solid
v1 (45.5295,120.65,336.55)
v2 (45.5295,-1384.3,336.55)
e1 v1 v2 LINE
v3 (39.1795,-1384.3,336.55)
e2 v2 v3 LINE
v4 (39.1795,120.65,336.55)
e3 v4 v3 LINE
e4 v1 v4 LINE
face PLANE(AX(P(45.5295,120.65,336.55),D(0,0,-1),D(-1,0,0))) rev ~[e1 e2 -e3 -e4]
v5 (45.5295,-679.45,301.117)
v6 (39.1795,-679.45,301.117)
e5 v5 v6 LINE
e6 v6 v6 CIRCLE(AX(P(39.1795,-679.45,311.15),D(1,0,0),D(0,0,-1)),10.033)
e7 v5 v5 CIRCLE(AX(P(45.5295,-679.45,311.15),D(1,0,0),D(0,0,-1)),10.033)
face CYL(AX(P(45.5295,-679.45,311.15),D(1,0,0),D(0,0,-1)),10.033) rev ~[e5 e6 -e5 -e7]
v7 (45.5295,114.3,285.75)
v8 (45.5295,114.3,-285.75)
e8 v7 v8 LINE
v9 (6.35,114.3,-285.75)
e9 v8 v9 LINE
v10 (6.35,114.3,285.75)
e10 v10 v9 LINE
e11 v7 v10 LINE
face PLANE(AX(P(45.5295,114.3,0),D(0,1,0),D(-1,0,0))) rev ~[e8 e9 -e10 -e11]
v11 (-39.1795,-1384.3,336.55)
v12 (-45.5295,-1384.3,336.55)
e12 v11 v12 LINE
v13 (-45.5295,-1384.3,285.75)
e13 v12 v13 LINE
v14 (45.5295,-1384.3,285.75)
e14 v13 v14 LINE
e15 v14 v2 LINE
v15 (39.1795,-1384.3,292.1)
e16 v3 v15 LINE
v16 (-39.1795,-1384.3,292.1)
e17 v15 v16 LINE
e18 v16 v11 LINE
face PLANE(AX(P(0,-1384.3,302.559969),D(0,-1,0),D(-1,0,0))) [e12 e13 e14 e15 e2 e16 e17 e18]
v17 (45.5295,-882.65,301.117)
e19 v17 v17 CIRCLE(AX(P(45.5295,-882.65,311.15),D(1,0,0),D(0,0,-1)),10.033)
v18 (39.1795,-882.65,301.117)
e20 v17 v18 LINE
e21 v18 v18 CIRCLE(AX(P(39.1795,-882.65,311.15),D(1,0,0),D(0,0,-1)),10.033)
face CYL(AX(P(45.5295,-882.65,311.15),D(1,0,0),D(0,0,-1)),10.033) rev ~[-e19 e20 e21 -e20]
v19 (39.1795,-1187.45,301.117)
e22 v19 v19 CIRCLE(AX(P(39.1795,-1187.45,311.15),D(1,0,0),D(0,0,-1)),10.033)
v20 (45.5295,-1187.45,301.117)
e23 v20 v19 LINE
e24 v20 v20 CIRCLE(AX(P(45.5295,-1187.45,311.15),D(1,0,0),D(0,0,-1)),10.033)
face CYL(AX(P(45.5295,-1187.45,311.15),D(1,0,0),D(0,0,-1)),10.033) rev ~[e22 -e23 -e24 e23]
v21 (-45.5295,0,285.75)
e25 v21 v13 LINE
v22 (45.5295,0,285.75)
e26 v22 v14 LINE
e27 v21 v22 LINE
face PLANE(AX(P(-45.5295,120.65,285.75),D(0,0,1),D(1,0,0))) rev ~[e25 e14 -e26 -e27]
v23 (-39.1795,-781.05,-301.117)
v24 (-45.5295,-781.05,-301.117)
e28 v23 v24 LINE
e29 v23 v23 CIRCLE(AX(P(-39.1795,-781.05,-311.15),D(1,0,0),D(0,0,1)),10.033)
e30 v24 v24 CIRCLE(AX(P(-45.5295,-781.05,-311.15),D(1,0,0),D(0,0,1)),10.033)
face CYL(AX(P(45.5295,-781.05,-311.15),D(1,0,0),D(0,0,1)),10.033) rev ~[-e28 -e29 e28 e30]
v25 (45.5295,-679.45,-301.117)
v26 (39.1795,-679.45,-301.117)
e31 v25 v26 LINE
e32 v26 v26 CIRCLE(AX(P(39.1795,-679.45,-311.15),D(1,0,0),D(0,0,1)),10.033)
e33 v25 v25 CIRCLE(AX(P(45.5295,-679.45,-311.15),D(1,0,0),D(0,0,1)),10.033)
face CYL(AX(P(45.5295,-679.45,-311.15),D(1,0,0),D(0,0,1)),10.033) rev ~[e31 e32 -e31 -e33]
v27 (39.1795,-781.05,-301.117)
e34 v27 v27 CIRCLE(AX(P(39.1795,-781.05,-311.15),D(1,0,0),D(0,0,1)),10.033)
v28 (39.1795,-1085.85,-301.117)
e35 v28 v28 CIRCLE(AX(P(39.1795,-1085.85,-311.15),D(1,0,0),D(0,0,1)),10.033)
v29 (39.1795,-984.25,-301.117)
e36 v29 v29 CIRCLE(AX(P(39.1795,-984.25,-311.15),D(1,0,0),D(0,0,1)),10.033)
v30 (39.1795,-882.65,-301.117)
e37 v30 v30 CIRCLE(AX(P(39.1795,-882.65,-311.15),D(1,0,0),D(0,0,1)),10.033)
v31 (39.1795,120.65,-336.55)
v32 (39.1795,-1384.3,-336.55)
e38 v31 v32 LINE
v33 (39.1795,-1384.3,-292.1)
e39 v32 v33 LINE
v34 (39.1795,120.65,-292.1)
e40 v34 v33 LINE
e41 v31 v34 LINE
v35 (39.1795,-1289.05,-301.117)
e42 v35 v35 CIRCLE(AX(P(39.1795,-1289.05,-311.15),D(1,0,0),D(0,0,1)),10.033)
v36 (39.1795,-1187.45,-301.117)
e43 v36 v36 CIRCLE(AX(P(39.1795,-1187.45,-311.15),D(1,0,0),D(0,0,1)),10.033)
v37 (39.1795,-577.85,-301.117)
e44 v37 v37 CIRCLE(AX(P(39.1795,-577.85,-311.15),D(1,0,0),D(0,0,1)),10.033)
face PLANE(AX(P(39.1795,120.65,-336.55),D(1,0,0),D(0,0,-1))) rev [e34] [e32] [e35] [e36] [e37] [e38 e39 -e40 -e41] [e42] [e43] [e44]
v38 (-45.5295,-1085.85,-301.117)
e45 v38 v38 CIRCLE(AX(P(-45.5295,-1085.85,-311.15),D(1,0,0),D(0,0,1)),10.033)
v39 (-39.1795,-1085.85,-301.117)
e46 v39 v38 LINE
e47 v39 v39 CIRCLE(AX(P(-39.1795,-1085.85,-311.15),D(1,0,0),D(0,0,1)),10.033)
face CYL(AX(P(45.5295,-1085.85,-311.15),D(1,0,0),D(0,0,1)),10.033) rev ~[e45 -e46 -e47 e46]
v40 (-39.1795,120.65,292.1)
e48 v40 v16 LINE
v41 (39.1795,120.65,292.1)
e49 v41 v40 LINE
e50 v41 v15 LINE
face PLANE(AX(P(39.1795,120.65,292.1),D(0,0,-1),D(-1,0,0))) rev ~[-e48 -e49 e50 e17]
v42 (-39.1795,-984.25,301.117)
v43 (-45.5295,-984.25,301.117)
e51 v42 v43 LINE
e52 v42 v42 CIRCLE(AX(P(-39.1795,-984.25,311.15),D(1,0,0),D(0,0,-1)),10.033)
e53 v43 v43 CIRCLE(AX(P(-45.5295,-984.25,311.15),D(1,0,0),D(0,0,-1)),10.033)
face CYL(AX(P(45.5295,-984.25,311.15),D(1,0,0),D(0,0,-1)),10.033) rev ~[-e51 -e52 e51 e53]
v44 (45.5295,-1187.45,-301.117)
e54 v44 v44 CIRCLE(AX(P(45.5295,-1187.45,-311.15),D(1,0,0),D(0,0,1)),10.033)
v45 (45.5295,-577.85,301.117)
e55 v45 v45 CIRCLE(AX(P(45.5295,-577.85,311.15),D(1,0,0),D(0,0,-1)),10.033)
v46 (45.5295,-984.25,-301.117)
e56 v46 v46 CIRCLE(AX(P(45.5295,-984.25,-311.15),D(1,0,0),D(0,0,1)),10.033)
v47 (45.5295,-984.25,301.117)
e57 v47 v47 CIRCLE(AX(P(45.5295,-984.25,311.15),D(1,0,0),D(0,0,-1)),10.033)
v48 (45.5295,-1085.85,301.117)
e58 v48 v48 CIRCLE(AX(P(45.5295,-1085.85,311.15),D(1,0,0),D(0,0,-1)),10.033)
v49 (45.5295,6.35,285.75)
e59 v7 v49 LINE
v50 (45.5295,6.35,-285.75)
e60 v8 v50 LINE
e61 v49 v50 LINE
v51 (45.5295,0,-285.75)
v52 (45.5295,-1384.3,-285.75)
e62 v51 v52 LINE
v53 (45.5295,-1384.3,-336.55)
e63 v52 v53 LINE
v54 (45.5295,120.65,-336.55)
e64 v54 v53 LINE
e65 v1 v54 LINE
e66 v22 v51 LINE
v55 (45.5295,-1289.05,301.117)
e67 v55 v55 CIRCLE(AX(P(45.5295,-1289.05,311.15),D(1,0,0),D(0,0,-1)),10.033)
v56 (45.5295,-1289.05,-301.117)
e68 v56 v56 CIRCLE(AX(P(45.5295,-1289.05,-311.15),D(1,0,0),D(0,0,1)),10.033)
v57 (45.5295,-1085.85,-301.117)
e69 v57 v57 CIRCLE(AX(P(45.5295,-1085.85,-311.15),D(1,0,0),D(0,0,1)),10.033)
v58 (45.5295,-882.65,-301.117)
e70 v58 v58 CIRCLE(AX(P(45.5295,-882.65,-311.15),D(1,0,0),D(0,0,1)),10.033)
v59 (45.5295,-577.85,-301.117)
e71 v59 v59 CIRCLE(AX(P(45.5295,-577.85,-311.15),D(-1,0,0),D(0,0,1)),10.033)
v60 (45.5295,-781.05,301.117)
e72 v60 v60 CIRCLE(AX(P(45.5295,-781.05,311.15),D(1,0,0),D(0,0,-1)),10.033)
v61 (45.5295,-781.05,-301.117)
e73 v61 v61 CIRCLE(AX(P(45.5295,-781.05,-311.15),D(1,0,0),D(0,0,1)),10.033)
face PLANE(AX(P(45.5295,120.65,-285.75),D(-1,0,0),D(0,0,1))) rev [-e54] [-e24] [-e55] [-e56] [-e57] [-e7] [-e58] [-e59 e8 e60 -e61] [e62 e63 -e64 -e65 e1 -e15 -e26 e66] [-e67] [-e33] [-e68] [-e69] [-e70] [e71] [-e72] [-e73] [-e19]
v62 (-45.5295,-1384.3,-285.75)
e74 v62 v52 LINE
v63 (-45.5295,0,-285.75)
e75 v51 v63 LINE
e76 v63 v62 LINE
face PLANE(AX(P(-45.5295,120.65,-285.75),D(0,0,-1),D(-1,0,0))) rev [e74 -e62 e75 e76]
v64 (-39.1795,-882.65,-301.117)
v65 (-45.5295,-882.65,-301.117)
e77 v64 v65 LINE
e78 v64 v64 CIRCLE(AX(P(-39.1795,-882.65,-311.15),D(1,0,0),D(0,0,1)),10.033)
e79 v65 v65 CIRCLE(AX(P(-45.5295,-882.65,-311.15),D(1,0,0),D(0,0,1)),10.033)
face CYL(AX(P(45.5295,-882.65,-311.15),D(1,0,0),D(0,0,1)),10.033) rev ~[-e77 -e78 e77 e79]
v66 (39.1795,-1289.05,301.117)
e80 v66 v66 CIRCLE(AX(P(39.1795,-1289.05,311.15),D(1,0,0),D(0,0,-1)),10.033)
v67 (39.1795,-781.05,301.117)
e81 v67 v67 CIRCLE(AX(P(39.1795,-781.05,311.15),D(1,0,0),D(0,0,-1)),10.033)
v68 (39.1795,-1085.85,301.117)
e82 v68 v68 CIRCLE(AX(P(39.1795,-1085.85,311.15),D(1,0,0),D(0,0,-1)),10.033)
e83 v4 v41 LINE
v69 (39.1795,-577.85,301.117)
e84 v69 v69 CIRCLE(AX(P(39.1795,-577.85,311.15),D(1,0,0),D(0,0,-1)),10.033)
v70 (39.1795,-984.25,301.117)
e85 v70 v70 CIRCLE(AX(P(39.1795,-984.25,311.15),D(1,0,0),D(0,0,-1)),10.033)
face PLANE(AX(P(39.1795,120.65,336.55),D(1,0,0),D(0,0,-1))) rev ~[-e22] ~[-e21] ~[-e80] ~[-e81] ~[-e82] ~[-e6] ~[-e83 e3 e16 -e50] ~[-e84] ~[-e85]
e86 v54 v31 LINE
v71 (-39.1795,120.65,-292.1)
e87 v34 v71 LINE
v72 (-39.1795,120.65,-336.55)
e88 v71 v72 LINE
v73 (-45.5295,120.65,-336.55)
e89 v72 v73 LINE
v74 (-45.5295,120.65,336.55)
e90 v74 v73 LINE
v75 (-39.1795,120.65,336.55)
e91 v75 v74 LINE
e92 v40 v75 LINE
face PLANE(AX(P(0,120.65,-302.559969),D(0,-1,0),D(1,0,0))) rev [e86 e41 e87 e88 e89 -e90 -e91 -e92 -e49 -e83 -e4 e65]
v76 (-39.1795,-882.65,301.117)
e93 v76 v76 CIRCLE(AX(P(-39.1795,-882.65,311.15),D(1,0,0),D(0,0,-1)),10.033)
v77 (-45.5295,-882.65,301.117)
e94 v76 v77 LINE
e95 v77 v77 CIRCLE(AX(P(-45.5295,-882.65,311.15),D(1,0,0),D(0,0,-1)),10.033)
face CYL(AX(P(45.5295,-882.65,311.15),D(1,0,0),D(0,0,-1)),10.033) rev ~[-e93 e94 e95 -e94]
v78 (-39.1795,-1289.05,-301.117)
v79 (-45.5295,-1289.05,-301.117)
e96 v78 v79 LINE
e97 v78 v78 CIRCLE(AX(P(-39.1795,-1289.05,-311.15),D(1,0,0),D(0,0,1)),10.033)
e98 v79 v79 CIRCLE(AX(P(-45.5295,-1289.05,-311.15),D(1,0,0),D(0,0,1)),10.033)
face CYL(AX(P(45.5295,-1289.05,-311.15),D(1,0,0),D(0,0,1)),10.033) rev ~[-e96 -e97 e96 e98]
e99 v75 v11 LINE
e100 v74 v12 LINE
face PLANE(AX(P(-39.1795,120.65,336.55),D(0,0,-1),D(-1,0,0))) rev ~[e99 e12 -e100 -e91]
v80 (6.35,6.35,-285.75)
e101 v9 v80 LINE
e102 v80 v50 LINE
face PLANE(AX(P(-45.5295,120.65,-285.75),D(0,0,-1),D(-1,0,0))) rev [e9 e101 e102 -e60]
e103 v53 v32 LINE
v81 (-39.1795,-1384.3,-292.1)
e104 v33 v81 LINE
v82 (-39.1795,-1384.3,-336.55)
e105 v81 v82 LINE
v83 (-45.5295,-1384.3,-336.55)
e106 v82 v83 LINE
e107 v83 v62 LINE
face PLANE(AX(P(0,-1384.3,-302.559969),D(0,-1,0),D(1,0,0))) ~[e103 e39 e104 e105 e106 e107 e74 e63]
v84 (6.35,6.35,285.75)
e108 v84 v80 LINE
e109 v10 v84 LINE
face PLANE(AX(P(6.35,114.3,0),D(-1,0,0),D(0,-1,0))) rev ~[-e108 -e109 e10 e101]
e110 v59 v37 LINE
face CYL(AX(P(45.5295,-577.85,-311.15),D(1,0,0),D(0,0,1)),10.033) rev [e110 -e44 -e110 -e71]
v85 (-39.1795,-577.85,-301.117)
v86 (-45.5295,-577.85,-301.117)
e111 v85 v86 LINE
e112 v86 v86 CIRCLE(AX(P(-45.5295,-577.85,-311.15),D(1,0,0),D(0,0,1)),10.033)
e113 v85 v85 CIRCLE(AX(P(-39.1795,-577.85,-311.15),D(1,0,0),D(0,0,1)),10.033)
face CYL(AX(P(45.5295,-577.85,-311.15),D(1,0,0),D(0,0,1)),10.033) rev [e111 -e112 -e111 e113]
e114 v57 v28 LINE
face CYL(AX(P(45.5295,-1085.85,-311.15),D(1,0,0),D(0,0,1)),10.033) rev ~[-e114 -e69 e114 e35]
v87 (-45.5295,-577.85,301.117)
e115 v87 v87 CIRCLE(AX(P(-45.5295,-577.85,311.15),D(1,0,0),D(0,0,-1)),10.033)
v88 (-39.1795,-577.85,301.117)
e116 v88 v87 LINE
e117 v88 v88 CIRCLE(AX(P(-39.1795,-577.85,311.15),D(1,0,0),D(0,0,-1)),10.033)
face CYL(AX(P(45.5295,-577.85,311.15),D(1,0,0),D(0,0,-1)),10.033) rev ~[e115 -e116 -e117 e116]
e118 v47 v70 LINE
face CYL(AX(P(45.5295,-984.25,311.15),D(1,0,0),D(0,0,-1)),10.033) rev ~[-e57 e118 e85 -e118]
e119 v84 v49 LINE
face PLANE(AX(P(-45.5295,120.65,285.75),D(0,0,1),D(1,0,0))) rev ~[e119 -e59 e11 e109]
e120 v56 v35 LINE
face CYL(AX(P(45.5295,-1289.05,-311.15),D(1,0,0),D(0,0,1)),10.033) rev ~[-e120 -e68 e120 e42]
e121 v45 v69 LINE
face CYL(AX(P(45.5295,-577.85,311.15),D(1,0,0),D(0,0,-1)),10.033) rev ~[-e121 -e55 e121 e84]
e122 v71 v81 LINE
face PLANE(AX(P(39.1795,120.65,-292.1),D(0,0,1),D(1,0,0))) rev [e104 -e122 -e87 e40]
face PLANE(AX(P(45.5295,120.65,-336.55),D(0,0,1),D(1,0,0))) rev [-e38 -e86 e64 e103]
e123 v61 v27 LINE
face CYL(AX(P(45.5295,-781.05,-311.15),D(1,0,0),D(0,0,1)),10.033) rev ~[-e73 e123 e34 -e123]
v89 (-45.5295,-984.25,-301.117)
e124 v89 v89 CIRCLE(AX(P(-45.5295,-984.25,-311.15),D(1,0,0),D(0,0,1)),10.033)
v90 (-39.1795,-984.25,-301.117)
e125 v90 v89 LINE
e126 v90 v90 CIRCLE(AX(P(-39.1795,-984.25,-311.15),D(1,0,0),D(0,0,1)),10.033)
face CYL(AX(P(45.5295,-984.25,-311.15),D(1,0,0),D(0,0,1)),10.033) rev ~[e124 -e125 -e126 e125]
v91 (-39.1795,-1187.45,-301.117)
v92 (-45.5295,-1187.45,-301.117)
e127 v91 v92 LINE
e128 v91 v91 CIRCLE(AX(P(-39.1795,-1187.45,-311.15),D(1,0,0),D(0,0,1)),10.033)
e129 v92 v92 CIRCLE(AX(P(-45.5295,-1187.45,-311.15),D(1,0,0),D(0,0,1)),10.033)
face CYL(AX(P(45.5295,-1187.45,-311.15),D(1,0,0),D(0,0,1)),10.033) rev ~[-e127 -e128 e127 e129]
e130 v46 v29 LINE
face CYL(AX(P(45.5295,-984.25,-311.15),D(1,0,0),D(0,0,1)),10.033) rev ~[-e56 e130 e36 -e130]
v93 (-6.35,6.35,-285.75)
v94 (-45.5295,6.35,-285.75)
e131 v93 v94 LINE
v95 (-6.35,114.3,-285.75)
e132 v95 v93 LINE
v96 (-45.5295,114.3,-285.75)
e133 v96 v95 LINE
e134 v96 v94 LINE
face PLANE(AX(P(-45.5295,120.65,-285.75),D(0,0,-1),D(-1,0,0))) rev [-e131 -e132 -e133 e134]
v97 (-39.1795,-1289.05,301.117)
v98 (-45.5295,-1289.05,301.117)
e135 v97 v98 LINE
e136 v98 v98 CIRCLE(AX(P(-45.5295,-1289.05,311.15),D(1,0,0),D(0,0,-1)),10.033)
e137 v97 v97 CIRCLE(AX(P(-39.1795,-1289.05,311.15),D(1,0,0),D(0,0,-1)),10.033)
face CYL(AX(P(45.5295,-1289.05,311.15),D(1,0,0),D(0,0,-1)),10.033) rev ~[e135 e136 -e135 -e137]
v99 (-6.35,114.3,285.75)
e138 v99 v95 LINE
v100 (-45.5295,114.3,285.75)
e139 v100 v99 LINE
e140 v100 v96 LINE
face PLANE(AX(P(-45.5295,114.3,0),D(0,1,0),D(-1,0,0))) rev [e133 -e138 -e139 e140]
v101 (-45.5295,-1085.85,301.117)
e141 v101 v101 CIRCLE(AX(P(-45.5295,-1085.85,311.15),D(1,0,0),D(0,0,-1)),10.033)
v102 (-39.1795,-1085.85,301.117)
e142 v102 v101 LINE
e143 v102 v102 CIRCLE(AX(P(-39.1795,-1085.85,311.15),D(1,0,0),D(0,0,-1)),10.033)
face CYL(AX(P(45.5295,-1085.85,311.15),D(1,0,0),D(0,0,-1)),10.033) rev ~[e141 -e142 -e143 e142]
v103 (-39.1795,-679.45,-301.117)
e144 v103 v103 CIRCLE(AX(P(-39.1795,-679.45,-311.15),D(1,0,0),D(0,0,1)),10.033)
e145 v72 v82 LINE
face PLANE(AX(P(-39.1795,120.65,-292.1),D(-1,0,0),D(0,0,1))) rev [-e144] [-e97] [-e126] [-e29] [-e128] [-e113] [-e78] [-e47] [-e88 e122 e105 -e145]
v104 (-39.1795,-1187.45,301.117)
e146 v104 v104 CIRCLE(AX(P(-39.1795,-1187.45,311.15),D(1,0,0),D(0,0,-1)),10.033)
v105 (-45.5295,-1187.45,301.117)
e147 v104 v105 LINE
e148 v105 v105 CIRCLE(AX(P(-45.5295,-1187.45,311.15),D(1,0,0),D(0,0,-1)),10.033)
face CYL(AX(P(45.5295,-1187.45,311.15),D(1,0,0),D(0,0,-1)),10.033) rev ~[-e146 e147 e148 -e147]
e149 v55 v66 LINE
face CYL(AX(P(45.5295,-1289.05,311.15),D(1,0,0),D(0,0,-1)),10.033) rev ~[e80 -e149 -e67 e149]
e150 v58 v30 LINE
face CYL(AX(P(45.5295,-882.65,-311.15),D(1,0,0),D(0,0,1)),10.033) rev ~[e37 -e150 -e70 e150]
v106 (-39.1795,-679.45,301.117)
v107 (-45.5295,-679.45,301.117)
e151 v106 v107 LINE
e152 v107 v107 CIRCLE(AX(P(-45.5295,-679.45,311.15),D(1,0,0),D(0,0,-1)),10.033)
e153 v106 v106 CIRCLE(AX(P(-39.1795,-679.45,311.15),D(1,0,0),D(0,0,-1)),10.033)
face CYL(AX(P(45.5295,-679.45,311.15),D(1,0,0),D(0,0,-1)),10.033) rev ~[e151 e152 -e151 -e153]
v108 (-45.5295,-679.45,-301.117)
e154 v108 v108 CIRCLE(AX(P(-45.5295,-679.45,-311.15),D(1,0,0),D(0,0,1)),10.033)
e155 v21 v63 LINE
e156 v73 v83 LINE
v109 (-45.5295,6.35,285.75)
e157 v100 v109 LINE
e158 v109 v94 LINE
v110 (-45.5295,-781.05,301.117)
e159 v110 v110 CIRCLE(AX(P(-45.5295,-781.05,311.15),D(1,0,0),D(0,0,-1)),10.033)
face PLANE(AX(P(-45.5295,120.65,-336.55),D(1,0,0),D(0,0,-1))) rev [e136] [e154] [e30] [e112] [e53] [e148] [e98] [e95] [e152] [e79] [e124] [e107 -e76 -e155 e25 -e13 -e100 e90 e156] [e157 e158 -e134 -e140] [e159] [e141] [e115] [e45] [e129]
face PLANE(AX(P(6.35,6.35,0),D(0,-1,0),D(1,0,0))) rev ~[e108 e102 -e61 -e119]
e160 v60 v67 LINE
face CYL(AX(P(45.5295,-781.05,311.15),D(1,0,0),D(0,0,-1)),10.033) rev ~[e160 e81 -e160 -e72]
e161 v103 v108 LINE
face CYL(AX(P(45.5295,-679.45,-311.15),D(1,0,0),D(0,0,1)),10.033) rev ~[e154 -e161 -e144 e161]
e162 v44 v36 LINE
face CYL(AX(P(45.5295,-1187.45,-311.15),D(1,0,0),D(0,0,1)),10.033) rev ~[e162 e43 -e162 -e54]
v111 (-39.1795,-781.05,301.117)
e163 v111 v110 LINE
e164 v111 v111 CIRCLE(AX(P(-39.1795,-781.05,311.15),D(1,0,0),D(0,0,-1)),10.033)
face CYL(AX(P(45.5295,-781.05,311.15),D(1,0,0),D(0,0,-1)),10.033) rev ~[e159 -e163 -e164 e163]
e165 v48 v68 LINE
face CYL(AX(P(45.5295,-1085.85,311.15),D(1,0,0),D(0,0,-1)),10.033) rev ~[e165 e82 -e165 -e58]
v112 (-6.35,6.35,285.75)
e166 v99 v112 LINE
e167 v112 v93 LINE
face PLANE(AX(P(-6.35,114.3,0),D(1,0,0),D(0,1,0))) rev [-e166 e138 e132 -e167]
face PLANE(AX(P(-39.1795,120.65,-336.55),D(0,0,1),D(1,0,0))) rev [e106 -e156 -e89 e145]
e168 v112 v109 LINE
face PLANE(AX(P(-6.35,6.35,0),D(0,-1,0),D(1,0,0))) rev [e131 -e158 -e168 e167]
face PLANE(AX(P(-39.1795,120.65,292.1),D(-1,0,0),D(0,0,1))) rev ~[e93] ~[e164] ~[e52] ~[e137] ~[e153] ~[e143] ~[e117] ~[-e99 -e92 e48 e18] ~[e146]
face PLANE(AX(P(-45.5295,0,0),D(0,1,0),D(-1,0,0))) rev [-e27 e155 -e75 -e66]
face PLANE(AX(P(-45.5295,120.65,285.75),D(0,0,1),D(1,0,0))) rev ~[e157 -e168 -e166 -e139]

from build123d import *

# Parameters (mm, degrees)
BOSS_EXTRUDE1_DEPTH     = 285.75
BOSS_EXTRUDE2_DEPTH     = 1504.95
SKETCH4_R               = 10.033
CUT_EXTRUDE1_DEPTH      = 1428.530782148
LPATTERN1_COUNT         = 8
LPATTERN1_PITCH         = 101.6
MIRROR2_COPY_1_SKETCH_R = 10.033
MIRROR2_COPY_1_DEPTH    = 1428.530782148
MIRROR2_COPY_2_SKETCH_R = 10.033
MIRROR2_COPY_2_DEPTH    = 1428.530782148
MIRROR2_COPY_3_SKETCH_R = 10.033
MIRROR2_COPY_3_DEPTH    = 1428.530782148
MIRROR2_COPY_4_SKETCH_R = 10.033
MIRROR2_COPY_4_DEPTH    = 1428.530782148
MIRROR2_COPY_5_SKETCH_R = 10.033
MIRROR2_COPY_5_DEPTH    = 1428.530782148
MIRROR2_COPY_6_SKETCH_R = 10.033
MIRROR2_COPY_6_DEPTH    = 1428.530782148
MIRROR2_COPY_7_SKETCH_R = 10.033
MIRROR2_COPY_7_DEPTH    = 1428.530782148


with BuildPart() as part:
    # Sketch1 → Boss-Extrude1 (new, symmetric)
    with BuildSketch(Plane.XY):
        Polygon((45.5295, 120.65), (45.5295, 114.3), (6.35, 114.3), (6.35, 6.35), (45.5295, 6.35), (45.5295, 0), (0, 0), (0, 120.65), align=None)
    boss_extrude1 = extrude(amount=BOSS_EXTRUDE1_DEPTH, both=True)

    # Mirror1: Boss-Extrude1 across plane
    add(boss_extrude1.mirror(Plane(origin=(0, 120.65, 285.75), x_dir=(0, 0, 1), z_dir=(1, 0, 0))))

    # Sketch3 → Boss-Extrude2 (add)
    with BuildSketch(Plane(origin=(0, 120.65, 0), x_dir=(1, 0, 0), z_dir=(0, 1, 0))):
        Polygon((-45.5295, -285.75), (45.5295, -285.75), (45.5295, -336.55), (39.1795, -336.55), (39.1795, -292.1), (-39.1795, -292.1), (-39.1795, -336.55), (-45.5295, -336.55), align=None)
    boss_extrude2 = extrude(amount=-BOSS_EXTRUDE2_DEPTH)

    # Sketch4 → Cut-Extrude1 (cut, through all)
    with BuildSketch(Plane(origin=(45.5295, 0, 0), x_dir=(0, 0, -1), z_dir=(1, 0, 0))):
        with Locations((-311.15, -577.85)):
            Circle(SKETCH4_R)
    cut_extrude1 = extrude(amount=-CUT_EXTRUDE1_DEPTH, mode=Mode.SUBTRACT)

    # LPattern1: Cut-Extrude1 ×8
    with Locations(*[(0, -i * LPATTERN1_PITCH, 0) for i in range(1, LPATTERN1_COUNT)]):
        add(cut_extrude1, mode=Mode.SUBTRACT)

    # Mirror2: Boss-Extrude2, Cut-Extrude1 across plane
    add(boss_extrude2.mirror(Plane.XY))
    add(cut_extrude1.mirror(Plane.XY), mode=Mode.SUBTRACT)

    # Mirror2 copy 1 sketch → Mirror2 copy 1 (cut, through all)
    with BuildSketch(Plane(origin=(45.5295, -101.6, 0), x_dir=(0, 0, 1), z_dir=(1, 0, 0))):
        with Locations((-311.15, 577.85)):
            Circle(MIRROR2_COPY_1_SKETCH_R)
    extrude(amount=-MIRROR2_COPY_1_DEPTH, mode=Mode.SUBTRACT)

    # Mirror2 copy 2 sketch → Mirror2 copy 2 (cut, through all)
    with BuildSketch(Plane(origin=(45.5295, -203.2, 0), x_dir=(0, 0, 1), z_dir=(1, 0, 0))):
        with Locations((-311.15, 577.85)):
            Circle(MIRROR2_COPY_2_SKETCH_R)
    extrude(amount=-MIRROR2_COPY_2_DEPTH, mode=Mode.SUBTRACT)

    # Mirror2 copy 3 sketch → Mirror2 copy 3 (cut, through all)
    with BuildSketch(Plane(origin=(45.5295, -304.8, 0), x_dir=(0, 0, 1), z_dir=(1, 0, 0))):
        with Locations((-311.15, 577.85)):
            Circle(MIRROR2_COPY_3_SKETCH_R)
    extrude(amount=-MIRROR2_COPY_3_DEPTH, mode=Mode.SUBTRACT)

    # Mirror2 copy 4 sketch → Mirror2 copy 4 (cut, through all)
    with BuildSketch(Plane(origin=(45.5295, -406.4, 0), x_dir=(0, 0, 1), z_dir=(1, 0, 0))):
        with Locations((-311.15, 577.85)):
            Circle(MIRROR2_COPY_4_SKETCH_R)
    extrude(amount=-MIRROR2_COPY_4_DEPTH, mode=Mode.SUBTRACT)

    # Mirror2 copy 5 sketch → Mirror2 copy 5 (cut, through all)
    with BuildSketch(Plane(origin=(45.5295, -508, 0), x_dir=(0, 0, 1), z_dir=(1, 0, 0))):
        with Locations((-311.15, 577.85)):
            Circle(MIRROR2_COPY_5_SKETCH_R)
    extrude(amount=-MIRROR2_COPY_5_DEPTH, mode=Mode.SUBTRACT)

    # Mirror2 copy 6 sketch → Mirror2 copy 6 (cut, through all)
    with BuildSketch(Plane(origin=(45.5295, -609.6, 0), x_dir=(0, 0, 1), z_dir=(1, 0, 0))):
        with Locations((-311.15, 577.85)):
            Circle(MIRROR2_COPY_6_SKETCH_R)
    extrude(amount=-MIRROR2_COPY_6_DEPTH, mode=Mode.SUBTRACT)

    # Mirror2 copy 7 sketch → Mirror2 copy 7 (cut, through all)
    with BuildSketch(Plane(origin=(45.5295, -711.2, 0), x_dir=(0, 0, 1), z_dir=(1, 0, 0))):
        with Locations((-311.15, 577.85)):
            Circle(MIRROR2_COPY_7_SKETCH_R)
    extrude(amount=-MIRROR2_COPY_7_DEPTH, mode=Mode.SUBTRACT)


solid = part.part
